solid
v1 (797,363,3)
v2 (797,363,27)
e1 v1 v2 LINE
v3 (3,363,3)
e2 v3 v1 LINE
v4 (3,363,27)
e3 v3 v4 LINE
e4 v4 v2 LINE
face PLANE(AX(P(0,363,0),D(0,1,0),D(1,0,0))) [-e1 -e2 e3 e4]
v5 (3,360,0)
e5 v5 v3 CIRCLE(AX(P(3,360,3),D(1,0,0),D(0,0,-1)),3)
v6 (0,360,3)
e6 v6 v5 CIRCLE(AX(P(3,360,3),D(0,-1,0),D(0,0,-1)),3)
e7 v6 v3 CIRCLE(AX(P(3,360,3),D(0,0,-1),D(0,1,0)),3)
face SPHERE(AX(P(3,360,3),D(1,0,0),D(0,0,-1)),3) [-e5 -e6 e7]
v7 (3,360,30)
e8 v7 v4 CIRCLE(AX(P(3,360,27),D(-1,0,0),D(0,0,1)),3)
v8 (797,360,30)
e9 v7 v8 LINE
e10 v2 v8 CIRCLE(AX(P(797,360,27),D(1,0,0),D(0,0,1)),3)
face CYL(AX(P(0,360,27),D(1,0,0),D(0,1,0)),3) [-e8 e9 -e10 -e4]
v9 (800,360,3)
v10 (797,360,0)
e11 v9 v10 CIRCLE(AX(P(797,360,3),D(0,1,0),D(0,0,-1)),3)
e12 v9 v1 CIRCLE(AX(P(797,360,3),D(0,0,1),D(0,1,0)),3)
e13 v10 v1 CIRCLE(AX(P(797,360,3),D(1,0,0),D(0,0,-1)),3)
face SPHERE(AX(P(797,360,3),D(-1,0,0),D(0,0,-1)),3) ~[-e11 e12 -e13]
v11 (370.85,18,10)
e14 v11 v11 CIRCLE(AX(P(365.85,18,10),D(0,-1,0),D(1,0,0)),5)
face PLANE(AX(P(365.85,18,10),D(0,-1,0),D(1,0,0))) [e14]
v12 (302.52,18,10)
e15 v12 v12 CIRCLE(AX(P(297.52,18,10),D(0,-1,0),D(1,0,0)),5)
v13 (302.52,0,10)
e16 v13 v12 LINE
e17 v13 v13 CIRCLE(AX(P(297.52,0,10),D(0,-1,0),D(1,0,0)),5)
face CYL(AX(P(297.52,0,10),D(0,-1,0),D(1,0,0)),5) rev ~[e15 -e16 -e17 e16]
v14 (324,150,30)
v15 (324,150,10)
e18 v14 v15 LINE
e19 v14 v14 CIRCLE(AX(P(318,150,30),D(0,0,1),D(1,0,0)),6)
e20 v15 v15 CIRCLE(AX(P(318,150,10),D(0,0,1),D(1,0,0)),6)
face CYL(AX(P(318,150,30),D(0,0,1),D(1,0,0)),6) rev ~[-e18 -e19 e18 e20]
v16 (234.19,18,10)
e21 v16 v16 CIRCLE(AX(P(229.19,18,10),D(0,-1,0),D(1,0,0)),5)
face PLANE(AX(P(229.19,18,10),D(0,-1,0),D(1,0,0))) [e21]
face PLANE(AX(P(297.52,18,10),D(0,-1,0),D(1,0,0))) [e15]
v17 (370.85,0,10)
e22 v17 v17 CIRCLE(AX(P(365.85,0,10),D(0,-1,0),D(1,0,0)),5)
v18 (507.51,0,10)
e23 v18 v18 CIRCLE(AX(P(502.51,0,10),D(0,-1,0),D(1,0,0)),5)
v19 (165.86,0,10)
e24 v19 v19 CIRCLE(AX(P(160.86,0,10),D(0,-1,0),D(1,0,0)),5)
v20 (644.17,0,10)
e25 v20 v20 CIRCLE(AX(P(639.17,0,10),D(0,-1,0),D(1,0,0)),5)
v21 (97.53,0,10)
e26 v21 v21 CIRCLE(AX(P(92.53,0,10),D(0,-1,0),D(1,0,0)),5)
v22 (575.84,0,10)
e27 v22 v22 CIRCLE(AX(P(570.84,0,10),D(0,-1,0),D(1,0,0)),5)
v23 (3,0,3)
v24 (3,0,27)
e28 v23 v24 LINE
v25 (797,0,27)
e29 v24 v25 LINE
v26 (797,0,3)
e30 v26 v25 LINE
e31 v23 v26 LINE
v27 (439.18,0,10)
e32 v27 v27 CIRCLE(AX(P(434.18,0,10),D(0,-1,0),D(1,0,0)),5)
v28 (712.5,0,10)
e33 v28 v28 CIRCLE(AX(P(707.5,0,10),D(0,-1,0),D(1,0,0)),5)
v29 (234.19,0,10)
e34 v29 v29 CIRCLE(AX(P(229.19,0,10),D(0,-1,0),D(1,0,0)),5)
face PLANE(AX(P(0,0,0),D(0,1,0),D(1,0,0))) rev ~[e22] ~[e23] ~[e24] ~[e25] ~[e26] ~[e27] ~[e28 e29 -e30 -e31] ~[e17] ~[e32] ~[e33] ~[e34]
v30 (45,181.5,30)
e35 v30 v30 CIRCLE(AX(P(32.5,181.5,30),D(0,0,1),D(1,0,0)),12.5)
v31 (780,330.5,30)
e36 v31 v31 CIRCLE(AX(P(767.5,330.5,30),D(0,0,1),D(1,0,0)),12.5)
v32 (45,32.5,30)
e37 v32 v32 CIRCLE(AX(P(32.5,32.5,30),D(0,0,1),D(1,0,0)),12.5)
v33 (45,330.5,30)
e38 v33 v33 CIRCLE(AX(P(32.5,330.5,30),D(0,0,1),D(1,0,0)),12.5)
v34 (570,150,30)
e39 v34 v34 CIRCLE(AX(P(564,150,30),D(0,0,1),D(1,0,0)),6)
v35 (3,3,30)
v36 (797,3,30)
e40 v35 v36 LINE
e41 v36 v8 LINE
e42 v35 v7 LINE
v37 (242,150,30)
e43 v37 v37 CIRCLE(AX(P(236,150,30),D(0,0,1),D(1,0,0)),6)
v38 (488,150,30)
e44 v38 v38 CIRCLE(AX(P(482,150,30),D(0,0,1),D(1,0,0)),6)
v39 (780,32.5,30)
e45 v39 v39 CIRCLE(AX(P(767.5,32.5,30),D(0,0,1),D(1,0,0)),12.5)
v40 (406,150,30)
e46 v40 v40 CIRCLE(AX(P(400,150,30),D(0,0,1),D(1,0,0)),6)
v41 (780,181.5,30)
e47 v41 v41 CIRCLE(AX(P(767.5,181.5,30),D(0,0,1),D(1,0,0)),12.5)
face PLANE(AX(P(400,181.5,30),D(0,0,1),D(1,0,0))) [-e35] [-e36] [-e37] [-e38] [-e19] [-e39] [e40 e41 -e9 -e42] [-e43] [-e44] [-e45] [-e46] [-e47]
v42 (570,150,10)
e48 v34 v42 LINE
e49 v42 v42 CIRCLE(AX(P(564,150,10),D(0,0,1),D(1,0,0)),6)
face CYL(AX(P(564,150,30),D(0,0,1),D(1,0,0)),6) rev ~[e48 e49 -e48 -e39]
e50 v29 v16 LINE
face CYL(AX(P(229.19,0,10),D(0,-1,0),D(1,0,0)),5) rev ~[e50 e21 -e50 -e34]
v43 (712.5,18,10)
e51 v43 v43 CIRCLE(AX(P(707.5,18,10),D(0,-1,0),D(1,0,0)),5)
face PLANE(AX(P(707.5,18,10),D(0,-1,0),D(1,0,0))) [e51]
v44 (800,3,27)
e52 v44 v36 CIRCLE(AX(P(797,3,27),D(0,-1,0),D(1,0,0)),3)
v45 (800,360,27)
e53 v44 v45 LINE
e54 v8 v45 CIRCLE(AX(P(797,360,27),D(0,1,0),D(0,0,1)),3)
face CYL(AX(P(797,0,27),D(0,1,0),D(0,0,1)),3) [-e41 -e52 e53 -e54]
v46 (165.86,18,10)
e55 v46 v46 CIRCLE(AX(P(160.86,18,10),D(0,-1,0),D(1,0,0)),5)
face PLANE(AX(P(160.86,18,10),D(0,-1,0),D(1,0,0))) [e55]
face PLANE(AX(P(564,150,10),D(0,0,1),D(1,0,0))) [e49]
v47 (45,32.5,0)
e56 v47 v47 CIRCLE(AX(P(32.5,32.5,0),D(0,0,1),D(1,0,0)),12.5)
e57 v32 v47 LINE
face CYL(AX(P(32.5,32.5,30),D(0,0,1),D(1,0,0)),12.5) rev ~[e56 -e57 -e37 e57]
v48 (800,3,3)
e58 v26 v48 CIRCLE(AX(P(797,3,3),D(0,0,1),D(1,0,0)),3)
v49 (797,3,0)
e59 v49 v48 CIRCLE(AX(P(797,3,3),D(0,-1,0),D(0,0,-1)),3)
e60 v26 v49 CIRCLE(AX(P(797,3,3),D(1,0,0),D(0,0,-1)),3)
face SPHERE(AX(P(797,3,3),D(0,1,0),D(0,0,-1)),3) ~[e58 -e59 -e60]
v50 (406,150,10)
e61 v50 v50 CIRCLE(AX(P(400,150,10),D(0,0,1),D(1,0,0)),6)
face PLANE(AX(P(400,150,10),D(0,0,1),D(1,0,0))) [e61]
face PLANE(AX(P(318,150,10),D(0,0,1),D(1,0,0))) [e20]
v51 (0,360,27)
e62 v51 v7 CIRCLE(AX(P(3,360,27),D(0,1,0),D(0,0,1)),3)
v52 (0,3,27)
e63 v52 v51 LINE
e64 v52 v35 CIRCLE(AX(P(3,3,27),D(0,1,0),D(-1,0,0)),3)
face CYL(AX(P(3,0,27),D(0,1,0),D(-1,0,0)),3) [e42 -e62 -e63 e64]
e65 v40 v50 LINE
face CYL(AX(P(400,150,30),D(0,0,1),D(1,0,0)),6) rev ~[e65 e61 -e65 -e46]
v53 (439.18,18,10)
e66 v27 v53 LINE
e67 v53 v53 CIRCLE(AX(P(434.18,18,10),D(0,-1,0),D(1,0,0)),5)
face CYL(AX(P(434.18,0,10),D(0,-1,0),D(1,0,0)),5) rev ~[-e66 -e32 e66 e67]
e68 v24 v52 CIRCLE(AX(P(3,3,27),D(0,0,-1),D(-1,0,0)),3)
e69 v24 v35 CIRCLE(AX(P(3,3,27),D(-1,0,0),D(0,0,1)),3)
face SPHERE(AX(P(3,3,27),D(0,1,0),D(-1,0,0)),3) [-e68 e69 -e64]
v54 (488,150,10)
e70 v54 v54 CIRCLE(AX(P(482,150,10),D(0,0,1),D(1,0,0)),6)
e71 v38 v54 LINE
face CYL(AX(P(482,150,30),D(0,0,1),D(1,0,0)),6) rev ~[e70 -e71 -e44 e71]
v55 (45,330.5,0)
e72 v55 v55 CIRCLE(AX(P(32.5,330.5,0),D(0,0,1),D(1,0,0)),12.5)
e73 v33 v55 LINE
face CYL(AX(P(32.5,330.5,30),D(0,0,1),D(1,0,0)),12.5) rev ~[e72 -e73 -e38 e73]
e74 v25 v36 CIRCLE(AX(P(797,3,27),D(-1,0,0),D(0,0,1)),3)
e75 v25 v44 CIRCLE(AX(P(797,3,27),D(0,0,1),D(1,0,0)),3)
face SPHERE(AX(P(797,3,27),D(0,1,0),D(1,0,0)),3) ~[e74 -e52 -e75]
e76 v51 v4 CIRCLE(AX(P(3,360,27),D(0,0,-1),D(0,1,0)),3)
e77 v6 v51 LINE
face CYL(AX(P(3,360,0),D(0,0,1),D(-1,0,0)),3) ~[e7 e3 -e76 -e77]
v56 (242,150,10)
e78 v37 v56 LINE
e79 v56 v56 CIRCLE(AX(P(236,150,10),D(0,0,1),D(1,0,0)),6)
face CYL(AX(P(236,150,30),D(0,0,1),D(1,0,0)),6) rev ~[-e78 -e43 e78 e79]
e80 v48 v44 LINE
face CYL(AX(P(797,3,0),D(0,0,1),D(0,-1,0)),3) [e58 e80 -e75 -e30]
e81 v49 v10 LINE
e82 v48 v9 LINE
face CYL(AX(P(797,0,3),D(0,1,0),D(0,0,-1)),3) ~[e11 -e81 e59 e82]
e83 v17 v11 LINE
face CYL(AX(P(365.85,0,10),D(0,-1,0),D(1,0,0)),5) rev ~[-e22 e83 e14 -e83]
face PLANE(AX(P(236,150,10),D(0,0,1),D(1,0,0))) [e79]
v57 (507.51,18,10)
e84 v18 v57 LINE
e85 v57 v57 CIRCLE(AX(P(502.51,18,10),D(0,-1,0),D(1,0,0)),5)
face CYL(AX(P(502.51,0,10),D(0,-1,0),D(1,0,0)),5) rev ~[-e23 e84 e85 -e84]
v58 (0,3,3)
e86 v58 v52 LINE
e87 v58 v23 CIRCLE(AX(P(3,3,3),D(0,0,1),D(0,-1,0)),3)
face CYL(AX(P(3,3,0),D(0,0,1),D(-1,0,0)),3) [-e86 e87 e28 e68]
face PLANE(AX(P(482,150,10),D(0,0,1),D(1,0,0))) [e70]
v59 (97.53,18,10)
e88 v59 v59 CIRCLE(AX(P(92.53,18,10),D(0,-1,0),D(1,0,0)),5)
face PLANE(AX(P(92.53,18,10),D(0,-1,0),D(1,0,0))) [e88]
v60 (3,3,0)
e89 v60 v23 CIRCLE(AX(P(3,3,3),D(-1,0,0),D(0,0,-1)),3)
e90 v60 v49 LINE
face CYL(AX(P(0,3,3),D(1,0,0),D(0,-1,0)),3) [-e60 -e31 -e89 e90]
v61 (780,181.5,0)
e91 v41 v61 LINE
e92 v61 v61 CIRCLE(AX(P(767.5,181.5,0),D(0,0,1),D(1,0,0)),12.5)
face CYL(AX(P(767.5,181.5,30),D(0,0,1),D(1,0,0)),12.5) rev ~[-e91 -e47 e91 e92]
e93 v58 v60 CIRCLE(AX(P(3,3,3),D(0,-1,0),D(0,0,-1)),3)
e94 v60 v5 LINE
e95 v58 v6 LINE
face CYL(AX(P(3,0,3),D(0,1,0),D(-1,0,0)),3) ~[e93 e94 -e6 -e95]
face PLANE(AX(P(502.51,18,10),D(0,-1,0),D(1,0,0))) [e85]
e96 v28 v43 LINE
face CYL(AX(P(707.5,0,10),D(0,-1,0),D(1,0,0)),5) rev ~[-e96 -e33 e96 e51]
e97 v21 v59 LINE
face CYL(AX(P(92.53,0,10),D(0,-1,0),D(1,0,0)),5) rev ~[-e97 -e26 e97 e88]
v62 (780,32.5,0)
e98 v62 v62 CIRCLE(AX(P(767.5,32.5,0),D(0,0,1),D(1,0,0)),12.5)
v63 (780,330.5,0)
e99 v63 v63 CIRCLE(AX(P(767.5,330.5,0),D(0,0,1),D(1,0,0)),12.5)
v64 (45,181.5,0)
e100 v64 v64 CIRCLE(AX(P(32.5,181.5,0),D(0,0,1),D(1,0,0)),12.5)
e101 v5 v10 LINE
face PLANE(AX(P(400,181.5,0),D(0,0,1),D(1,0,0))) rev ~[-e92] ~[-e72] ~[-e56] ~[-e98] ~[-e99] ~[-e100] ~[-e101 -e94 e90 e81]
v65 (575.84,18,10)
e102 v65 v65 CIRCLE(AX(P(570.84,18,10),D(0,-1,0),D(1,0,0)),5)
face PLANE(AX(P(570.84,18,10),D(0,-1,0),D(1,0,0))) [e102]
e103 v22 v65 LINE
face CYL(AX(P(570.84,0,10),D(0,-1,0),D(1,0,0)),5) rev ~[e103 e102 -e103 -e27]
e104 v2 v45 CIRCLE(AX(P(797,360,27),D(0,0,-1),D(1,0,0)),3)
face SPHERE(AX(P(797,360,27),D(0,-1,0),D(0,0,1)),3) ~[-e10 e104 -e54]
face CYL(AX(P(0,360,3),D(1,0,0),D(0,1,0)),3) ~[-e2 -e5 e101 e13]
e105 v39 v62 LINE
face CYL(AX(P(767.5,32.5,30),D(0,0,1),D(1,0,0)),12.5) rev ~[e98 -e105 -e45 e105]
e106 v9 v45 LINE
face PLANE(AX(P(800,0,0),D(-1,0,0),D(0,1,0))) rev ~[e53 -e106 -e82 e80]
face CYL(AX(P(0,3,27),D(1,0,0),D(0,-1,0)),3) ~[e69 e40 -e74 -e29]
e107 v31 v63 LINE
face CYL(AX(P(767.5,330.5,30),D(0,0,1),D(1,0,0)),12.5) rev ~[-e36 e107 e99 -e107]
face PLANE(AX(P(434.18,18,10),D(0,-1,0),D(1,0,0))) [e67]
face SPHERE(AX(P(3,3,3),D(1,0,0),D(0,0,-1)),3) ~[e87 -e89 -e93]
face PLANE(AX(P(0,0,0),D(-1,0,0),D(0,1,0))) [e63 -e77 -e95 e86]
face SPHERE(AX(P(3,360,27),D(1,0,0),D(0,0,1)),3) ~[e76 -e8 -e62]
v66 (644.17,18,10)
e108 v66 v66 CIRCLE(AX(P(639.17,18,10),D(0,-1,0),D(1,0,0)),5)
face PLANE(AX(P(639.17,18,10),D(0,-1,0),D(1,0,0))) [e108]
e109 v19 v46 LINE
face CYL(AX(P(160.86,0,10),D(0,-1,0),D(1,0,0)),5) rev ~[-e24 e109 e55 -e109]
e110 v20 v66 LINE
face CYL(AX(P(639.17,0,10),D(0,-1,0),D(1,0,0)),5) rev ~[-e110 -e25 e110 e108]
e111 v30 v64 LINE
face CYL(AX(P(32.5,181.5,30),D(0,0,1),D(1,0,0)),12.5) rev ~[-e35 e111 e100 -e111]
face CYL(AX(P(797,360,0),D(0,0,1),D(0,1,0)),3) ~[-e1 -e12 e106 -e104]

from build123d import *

# Parameters (mm, degrees)
SKETCH1_W            = 800
SKETCH1_H            = 363
BOSS_EXTRUDE1_DEPTH  = 30
SKETCH2_R            = 12.5
CUT_EXTRUDE1_DEPTH   = 30
LPATTERN1_COUNT      = 3
LPATTERN1_PITCH      = 149
LPATTERN1_COUNT_DIR2 = 2
LPATTERN1_PITCH_DIR2 = 735
SKETCH3_R            = 6
CUT_EXTRUDE2_DEPTH   = 20
LPATTERN2_COUNT      = 5
LPATTERN2_PITCH      = 82
SKETCH4_R            = 5
CUT_EXTRUDE3_DEPTH   = 18
LPATTERN3_COUNT      = 10
LPATTERN3_PITCH      = 68.33
FILLET1_R            = 3


with BuildPart() as part:
    # Sketch1 → Boss-Extrude1 (new body)
    with BuildSketch(Plane.XY):
        with Locations((400, 181.5)):
            Rectangle(SKETCH1_W, SKETCH1_H)
    extrude(amount=BOSS_EXTRUDE1_DEPTH)

    # Sketch2 → Cut-Extrude1 (cut)
    with BuildSketch(Plane.XY.offset(30)):
        with Locations((32.5, 32.5)):
            Circle(SKETCH2_R)
    cut_extrude1 = extrude(amount=-CUT_EXTRUDE1_DEPTH, mode=Mode.SUBTRACT)

    # LPattern1: Cut-Extrude1 3 × 2
    with Locations(*[(j * LPATTERN1_PITCH_DIR2, i * LPATTERN1_PITCH, 0) for i in range(LPATTERN1_COUNT) for j in range(LPATTERN1_COUNT_DIR2) if (i, j) != (0, 0)]):
        add(cut_extrude1, mode=Mode.SUBTRACT)

    # Sketch3 → Cut-Extrude2 (cut)
    with BuildSketch(Plane.XY.offset(30)):
        with Locations((236, 150)):
            Circle(SKETCH3_R)
    cut_extrude2 = extrude(amount=-CUT_EXTRUDE2_DEPTH, mode=Mode.SUBTRACT)

    # LPattern2: Cut-Extrude2 ×5
    with Locations(*[(i * LPATTERN2_PITCH, 0, 0) for i in range(1, LPATTERN2_COUNT)]):
        add(cut_extrude2, mode=Mode.SUBTRACT)

    # Sketch4 → Cut-Extrude3 (cut)
    with BuildSketch(Plane.XZ):
        with Locations((92.53, 10)):
            Circle(SKETCH4_R)
    cut_extrude3 = extrude(amount=-CUT_EXTRUDE3_DEPTH, mode=Mode.SUBTRACT)

    # LPattern3: Cut-Extrude3 ×10
    with Locations(*[(i * LPATTERN3_PITCH, 0, 0) for i in range(1, LPATTERN3_COUNT)]):
        add(cut_extrude3, mode=Mode.SUBTRACT)

    # Fillet1
    fillet1_edges = [part.edges().sort_by_distance(p)[0] for p in [
        (800, 181.5, 30),
        (400, 363, 30),
        (0, 181.5, 30),
        (400, 363, 0),
        (800, 181.5, 0),
        (400, 0, 0),
        (0, 181.5, 0),
        (0, 363, 15),
        (800, 363, 15),
        (800, 0, 15),
        (0, 0, 15),
        (400, 0, 30),
    ]]
    fillet(fillet1_edges, radius=FILLET1_R)


solid = part.part
